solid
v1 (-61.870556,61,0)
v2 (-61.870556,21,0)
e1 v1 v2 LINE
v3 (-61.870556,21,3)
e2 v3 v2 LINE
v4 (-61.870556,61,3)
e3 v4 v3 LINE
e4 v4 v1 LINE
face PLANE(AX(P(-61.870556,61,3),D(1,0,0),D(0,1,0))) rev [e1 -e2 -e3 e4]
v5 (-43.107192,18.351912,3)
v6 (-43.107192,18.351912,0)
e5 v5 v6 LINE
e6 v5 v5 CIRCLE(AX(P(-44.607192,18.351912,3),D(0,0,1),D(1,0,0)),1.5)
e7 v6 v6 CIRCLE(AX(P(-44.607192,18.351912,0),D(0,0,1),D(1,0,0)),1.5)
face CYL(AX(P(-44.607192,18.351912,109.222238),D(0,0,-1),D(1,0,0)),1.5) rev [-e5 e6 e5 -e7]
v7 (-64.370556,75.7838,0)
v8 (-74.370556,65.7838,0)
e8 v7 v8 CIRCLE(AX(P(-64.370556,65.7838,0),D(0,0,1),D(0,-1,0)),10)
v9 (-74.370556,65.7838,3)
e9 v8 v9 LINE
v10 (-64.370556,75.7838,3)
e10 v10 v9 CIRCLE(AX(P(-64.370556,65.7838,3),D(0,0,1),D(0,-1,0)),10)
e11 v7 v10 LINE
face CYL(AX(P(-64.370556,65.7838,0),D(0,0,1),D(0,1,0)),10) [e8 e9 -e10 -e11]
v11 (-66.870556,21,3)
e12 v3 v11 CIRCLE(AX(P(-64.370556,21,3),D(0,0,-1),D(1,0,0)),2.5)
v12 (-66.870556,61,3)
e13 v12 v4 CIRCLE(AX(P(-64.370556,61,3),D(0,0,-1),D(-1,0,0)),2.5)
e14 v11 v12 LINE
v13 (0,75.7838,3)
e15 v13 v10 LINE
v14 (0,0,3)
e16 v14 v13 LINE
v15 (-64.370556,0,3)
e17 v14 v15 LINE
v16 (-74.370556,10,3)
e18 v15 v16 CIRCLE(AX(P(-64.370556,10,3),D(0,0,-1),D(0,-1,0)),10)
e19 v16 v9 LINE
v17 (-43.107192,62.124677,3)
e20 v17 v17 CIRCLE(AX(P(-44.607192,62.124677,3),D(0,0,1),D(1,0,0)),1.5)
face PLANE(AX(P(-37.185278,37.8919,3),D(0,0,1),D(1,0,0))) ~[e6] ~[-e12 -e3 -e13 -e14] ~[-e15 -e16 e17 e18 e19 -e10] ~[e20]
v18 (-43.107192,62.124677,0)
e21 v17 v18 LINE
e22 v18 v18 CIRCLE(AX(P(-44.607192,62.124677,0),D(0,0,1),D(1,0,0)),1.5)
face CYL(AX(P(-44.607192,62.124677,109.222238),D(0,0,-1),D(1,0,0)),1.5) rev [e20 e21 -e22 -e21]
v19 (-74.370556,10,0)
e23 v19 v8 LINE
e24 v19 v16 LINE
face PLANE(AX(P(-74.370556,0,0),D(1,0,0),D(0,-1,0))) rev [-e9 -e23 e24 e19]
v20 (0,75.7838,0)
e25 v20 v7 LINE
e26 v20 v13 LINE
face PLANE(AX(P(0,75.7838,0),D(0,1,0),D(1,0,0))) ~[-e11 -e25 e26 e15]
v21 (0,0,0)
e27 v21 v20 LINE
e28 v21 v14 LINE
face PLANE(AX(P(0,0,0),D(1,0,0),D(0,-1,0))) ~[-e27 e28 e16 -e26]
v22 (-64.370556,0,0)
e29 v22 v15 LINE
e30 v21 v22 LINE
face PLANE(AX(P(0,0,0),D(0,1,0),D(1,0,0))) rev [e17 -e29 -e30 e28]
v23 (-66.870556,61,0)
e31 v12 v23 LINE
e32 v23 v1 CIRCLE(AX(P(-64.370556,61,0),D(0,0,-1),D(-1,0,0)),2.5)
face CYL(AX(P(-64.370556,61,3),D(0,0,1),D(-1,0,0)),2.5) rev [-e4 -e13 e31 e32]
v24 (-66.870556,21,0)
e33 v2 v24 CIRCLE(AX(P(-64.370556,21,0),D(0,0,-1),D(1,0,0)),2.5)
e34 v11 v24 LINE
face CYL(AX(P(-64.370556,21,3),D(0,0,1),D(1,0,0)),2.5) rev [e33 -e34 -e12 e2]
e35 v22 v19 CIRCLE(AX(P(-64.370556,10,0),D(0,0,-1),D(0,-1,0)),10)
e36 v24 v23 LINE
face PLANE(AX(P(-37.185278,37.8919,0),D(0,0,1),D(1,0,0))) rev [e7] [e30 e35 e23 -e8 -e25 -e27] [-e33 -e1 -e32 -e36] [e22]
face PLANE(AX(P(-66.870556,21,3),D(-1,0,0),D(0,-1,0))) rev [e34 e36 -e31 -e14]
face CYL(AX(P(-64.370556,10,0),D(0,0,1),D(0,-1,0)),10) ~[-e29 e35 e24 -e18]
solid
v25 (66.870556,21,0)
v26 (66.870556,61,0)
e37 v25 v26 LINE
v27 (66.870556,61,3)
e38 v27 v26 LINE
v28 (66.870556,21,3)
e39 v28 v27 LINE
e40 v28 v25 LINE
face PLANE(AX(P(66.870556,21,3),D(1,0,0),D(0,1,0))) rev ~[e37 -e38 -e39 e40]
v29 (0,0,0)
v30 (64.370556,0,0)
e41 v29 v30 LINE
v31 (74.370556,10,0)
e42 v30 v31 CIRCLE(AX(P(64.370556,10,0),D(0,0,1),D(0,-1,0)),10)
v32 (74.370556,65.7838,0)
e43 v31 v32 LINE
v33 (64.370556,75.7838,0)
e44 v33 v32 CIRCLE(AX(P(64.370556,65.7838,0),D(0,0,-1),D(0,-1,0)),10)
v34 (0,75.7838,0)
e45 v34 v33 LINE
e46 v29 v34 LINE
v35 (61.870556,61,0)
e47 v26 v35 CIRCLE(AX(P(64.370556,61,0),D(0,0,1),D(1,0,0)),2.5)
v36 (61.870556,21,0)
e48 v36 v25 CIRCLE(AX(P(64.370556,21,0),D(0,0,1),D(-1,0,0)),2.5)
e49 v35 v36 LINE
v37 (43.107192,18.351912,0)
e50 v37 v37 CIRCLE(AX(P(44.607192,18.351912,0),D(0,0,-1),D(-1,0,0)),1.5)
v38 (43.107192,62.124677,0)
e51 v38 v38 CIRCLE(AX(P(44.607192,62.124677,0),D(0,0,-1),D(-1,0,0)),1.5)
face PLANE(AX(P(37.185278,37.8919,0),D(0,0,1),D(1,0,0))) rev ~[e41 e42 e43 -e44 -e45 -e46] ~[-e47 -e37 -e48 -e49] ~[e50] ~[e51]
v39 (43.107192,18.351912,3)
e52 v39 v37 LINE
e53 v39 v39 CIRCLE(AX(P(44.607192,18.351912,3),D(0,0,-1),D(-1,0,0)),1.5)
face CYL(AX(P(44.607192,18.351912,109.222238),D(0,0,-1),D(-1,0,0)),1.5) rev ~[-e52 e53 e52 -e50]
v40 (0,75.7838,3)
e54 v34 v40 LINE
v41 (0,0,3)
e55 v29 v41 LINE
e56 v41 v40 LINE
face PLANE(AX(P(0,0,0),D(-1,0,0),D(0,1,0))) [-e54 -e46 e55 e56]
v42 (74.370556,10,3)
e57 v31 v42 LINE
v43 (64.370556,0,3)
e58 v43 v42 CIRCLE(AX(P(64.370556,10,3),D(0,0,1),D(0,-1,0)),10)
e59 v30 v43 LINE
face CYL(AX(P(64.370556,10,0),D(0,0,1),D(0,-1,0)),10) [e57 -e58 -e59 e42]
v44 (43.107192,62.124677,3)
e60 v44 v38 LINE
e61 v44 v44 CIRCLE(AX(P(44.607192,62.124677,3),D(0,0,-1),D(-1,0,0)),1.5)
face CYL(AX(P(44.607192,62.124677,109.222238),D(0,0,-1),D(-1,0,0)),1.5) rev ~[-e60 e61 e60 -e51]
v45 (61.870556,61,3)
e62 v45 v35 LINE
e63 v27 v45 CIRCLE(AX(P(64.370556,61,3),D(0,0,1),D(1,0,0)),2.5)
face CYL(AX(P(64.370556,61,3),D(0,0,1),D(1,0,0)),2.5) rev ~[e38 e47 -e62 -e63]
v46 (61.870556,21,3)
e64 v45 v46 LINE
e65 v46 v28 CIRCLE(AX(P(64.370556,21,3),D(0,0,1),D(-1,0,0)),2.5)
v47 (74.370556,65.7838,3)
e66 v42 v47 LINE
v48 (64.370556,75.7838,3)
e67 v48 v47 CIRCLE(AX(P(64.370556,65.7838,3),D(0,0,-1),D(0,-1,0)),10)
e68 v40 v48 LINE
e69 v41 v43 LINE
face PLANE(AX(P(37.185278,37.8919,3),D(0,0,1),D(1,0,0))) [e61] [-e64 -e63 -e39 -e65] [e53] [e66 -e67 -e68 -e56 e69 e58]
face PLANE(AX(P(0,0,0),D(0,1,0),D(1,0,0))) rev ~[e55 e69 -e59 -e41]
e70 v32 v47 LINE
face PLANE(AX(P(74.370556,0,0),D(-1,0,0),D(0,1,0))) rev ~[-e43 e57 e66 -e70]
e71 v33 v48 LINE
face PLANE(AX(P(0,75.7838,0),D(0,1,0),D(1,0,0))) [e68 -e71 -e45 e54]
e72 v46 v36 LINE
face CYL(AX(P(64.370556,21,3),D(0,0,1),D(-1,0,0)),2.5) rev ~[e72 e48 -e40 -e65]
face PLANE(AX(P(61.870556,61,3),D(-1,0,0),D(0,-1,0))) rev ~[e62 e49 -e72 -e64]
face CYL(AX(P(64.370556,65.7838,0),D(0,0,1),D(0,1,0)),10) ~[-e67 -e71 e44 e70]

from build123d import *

# Parameters (mm, degrees)
F0_W     = 74.370556
F0_H     = 75.7838
F1_DEPTH = 3
F3_D     = 3
F6_DEPTH = 77.581309
F7_R     = 10


with BuildPart() as f1:
    # F0 (on Top) → F1 (new body)
    with BuildSketch(Plane.XY):
        with Locations((37.185278, 37.8919)):
            Rectangle(F0_W, F0_H)
    extrude(amount=F1_DEPTH)

    # F3 (through all)
    with Locations(Plane.XY.offset(3)):
        with Locations((44.607192, 62.124677), (44.607192, 18.351912)):
            Hole(F3_D / 2)

    # F5 (on face) → F6 (cut)
    with BuildSketch(Plane.XY.offset(3)):
        with BuildLine():
            ThreePointArc((61.870556, 21), (64.370556, 18.5), (66.870556, 21))
            Line((66.870556, 21), (66.870556, 61))
            ThreePointArc((66.870556, 61), (64.370556, 63.5), (61.870556, 61))
            Line((61.870556, 61), (61.870556, 21))
        make_face()
    extrude(amount=-F6_DEPTH, mode=Mode.SUBTRACT)

    # F7
    f7_edges = [f1.edges().sort_by_distance(p)[0] for p in [
        (74.370556, 0, 1.5),
        (74.370556, 75.7838, 1.5),
    ]]
    fillet(f7_edges, radius=F7_R)


with BuildPart() as f8_1:
    # F8: instance of F1
    add(f1.part.mirror(Plane.YZ))


solid = Compound([f1.part, f8_1.part])
